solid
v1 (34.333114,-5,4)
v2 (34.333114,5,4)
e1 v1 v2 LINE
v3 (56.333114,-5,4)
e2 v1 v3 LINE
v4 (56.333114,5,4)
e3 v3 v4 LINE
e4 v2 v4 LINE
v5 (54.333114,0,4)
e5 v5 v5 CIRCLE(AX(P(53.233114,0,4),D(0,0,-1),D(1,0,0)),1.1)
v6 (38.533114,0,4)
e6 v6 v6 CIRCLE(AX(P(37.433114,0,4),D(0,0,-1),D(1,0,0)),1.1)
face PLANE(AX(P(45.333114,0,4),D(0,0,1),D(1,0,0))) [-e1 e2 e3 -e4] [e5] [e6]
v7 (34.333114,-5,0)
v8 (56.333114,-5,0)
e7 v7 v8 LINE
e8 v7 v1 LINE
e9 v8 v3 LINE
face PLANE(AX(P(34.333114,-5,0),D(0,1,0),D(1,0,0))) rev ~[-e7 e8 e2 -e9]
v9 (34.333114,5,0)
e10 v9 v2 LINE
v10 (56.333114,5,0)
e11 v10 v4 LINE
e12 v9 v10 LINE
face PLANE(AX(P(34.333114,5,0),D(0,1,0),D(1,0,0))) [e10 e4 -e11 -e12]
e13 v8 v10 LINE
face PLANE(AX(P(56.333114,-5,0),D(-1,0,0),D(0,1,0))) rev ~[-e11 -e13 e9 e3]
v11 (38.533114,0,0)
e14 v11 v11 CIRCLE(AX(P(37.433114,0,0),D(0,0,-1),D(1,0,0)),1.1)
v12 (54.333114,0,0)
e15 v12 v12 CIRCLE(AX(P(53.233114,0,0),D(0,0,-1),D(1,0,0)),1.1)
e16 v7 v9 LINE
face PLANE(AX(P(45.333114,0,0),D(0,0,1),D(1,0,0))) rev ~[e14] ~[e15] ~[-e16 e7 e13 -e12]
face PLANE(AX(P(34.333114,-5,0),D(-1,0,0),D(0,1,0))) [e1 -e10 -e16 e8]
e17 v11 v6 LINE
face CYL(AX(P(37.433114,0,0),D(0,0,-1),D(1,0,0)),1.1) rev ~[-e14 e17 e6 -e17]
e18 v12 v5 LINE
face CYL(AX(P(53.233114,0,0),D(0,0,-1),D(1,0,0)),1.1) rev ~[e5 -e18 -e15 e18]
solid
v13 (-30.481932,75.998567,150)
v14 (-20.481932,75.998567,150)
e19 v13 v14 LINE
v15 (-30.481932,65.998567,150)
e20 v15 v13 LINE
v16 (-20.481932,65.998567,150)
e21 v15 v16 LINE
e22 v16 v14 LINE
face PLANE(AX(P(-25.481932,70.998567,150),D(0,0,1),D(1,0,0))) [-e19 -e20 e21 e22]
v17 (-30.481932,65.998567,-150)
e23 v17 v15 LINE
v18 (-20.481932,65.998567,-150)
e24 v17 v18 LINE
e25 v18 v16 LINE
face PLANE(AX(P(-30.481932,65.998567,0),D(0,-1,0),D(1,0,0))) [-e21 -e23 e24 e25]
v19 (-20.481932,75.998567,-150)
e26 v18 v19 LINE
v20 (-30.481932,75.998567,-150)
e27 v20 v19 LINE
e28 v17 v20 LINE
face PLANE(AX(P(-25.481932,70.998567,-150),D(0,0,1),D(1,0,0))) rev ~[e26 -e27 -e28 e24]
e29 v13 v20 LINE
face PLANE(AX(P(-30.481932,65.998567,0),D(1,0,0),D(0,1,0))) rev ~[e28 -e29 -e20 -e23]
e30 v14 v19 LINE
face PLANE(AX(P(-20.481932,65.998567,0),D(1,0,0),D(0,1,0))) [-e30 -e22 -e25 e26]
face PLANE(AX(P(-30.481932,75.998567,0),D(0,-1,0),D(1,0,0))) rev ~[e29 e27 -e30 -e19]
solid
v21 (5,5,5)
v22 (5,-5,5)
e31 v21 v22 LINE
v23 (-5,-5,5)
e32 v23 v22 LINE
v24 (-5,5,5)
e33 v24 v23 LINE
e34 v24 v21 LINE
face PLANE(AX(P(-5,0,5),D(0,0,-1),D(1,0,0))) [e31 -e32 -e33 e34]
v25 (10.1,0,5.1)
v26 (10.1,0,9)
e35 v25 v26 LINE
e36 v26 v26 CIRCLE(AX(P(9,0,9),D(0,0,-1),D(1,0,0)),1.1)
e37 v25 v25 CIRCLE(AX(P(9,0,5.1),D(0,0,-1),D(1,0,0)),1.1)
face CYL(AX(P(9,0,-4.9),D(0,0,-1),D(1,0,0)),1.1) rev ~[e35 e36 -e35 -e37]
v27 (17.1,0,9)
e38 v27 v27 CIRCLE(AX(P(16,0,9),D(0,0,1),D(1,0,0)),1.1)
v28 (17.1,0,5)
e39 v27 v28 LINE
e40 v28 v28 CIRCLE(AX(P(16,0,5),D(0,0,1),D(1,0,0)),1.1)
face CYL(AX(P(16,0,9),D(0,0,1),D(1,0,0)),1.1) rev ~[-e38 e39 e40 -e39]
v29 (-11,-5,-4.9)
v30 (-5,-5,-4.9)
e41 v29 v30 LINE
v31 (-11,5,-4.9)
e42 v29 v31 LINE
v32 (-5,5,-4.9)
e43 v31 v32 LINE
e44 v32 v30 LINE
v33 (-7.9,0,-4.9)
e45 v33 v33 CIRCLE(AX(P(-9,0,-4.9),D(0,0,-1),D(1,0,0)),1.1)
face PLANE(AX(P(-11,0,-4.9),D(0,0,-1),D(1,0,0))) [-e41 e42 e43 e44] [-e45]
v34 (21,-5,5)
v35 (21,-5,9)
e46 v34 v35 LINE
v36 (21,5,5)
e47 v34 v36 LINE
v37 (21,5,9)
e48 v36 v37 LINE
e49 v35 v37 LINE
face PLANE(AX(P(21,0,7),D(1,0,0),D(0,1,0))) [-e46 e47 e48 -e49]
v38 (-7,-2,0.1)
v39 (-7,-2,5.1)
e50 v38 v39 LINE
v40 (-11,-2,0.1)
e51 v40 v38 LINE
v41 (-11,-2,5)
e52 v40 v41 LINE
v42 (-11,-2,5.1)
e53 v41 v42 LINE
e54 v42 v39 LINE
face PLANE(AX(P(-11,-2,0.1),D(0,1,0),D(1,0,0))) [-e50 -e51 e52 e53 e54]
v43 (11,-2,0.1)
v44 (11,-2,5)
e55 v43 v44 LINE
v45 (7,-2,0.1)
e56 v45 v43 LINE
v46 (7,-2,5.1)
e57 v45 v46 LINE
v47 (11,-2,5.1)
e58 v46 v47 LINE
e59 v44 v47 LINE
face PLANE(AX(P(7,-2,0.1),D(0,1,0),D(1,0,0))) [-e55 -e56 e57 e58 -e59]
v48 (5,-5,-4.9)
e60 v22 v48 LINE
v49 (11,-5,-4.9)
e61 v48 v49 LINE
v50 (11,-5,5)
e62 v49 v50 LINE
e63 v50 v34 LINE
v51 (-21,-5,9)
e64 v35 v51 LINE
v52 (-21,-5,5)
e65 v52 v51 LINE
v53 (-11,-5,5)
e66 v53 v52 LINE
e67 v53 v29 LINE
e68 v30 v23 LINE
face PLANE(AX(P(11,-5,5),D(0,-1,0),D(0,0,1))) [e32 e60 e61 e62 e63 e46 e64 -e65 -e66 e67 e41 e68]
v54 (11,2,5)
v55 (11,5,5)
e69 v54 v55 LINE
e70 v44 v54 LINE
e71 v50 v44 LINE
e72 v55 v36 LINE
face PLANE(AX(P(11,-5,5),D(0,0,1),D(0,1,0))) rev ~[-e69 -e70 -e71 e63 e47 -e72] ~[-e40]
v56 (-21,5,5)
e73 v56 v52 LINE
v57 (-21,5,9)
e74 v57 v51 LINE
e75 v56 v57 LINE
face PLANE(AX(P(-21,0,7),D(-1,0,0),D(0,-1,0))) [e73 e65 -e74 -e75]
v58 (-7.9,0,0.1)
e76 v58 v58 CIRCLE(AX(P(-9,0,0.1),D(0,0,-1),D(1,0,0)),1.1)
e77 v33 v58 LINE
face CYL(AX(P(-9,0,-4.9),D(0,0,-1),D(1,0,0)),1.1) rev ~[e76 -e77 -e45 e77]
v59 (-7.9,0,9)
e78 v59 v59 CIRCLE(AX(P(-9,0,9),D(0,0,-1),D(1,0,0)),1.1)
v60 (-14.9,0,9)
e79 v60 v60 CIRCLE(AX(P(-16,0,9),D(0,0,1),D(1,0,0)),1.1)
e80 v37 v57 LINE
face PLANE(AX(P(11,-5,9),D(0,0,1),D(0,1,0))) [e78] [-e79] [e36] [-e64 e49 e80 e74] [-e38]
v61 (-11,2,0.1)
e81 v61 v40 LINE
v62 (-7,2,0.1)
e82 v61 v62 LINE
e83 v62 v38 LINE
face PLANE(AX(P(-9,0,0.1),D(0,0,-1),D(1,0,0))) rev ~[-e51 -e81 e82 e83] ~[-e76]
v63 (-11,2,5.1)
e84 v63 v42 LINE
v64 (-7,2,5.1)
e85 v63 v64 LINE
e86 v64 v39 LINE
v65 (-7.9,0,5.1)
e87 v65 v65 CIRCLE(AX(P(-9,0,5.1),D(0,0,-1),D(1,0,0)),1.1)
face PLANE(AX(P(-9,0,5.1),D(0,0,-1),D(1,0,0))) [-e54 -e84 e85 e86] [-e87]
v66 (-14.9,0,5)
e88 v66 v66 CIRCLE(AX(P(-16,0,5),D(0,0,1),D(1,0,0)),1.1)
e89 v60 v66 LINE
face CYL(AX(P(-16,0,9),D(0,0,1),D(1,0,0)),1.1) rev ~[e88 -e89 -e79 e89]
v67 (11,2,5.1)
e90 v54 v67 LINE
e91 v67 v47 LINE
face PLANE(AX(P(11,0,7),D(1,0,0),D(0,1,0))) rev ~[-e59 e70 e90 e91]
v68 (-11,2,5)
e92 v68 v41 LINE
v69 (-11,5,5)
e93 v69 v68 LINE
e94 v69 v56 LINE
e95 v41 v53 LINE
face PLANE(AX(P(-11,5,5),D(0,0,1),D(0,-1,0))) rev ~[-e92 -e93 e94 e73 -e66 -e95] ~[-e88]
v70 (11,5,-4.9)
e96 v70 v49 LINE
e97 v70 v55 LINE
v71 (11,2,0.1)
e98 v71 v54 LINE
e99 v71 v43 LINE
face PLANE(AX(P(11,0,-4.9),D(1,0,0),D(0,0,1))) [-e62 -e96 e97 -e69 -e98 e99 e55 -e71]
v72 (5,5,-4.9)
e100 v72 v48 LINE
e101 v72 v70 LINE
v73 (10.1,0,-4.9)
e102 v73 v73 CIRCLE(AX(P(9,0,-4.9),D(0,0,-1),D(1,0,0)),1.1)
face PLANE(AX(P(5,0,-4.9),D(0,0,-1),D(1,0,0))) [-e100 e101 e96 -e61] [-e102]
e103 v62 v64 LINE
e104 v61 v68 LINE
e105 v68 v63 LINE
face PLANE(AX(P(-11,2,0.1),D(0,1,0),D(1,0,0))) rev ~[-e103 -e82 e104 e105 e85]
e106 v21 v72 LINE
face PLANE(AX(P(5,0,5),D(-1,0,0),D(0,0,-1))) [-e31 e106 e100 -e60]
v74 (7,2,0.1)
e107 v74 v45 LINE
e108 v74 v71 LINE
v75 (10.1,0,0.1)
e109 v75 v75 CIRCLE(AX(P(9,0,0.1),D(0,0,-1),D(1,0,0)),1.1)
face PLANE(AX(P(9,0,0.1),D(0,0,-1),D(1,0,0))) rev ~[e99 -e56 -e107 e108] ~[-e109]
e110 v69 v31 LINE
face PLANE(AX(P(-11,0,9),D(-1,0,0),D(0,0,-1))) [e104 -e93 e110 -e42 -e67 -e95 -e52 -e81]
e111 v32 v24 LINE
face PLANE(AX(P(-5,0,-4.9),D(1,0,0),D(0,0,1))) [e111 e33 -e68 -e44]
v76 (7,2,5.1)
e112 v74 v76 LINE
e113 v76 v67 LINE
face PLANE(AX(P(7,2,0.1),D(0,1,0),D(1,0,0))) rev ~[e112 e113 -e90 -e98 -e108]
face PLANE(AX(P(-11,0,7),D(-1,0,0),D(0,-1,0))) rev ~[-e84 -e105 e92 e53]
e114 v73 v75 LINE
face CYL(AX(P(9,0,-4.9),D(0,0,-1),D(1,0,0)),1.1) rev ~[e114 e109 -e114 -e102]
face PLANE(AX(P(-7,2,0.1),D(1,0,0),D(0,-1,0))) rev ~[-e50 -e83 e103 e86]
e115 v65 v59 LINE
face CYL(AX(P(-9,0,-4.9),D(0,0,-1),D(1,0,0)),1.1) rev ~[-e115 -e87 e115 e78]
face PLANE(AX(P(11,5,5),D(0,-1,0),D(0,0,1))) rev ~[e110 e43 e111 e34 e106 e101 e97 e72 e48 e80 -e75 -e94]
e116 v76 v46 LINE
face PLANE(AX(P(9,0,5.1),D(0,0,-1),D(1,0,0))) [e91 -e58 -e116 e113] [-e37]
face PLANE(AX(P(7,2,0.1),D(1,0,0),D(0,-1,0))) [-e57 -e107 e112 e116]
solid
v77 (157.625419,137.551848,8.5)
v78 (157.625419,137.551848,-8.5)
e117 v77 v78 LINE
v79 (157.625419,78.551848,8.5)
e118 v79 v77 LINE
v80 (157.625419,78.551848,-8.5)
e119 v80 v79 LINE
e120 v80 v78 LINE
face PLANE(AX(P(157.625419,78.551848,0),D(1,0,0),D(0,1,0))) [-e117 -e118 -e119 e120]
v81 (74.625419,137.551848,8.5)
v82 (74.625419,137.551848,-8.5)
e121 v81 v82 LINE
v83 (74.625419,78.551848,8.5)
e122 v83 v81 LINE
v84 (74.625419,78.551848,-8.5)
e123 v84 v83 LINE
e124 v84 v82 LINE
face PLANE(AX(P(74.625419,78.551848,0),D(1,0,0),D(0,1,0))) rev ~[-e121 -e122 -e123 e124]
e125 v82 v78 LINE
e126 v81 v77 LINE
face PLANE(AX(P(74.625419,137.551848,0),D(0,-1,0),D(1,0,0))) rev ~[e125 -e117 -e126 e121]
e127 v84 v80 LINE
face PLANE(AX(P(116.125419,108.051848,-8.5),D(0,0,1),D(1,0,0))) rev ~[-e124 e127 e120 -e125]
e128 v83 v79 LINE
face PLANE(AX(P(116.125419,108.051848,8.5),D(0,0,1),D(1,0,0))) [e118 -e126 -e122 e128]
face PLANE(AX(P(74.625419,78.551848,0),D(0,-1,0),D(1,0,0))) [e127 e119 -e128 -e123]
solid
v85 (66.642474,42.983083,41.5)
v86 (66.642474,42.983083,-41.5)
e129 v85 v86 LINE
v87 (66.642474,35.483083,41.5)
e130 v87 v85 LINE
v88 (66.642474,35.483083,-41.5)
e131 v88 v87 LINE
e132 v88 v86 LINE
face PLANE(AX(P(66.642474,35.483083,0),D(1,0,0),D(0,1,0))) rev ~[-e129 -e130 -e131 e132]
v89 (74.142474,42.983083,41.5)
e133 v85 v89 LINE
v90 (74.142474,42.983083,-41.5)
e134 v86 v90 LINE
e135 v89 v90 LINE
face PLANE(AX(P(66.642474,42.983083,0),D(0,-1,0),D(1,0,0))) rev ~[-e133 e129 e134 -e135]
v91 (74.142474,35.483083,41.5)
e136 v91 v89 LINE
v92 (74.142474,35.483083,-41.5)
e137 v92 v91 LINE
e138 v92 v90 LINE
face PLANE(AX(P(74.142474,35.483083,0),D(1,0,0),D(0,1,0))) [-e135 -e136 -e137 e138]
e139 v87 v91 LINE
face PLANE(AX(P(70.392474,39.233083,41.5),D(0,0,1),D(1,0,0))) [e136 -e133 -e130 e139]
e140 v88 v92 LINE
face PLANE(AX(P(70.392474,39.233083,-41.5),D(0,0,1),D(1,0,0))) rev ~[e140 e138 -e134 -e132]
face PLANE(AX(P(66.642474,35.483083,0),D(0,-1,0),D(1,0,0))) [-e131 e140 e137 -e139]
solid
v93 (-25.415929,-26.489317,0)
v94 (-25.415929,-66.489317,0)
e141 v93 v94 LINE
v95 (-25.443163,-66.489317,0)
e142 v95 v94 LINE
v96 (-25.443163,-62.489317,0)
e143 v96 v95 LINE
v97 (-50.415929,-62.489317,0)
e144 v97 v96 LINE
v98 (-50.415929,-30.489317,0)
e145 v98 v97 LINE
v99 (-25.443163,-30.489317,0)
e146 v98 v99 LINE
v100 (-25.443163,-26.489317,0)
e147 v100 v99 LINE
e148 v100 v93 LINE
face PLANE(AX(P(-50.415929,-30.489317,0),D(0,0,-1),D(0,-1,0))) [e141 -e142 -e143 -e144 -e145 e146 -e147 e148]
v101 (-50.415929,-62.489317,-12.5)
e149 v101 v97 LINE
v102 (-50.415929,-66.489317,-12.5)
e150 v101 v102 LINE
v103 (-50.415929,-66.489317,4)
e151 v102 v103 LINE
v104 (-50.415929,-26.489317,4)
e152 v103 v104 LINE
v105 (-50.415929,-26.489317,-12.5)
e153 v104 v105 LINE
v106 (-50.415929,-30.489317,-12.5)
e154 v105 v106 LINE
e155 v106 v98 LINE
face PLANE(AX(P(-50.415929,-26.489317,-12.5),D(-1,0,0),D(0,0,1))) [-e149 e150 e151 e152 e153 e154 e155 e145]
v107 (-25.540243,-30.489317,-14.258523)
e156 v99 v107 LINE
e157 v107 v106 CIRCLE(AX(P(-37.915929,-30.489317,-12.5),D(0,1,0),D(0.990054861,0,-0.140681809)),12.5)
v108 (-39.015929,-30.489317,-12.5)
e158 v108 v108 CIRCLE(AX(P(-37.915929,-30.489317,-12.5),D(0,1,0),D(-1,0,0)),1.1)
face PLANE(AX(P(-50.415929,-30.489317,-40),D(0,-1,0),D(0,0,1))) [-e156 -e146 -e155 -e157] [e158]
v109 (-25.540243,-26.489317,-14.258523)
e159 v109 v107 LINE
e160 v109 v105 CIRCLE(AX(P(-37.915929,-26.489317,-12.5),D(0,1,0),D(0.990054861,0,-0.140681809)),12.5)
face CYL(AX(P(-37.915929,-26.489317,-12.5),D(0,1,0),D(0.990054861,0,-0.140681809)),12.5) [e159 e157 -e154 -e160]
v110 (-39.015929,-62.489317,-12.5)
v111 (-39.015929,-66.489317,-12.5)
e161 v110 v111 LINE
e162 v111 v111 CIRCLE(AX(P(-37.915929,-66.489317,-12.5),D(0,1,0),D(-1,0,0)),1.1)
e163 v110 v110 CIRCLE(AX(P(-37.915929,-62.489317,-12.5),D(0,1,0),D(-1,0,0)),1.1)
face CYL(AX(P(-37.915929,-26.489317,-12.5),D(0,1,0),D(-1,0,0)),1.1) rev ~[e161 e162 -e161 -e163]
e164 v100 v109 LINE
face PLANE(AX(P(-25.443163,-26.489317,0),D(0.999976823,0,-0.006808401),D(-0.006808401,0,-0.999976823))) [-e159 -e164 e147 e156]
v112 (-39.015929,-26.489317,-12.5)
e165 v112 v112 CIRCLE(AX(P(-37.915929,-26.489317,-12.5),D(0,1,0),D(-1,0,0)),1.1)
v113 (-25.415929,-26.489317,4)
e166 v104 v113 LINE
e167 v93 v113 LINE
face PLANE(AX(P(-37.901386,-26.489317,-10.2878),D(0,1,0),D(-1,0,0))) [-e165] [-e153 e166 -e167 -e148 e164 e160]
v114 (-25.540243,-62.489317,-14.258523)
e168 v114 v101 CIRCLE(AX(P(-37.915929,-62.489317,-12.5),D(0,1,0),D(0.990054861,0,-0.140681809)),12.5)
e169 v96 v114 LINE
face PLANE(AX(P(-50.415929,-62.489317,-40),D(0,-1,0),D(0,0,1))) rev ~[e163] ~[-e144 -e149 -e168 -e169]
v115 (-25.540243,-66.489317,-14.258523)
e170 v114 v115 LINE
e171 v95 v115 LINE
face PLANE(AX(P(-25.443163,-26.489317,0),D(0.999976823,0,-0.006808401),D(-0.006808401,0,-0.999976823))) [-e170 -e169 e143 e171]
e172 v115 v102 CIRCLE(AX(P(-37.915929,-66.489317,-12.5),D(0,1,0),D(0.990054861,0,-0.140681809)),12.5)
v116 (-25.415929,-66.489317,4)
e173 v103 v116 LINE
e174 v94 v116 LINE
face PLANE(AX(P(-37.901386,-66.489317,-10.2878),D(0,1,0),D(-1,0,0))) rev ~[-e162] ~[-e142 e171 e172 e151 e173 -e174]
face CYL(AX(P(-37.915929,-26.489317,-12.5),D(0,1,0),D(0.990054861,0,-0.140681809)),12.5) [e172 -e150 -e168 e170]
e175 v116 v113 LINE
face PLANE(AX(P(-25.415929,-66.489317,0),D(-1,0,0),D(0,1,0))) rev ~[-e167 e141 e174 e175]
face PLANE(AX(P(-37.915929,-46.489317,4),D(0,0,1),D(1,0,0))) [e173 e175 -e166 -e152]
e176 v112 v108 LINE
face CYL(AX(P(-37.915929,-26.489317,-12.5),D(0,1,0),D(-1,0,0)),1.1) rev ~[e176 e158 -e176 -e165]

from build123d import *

# Parameters (mm, degrees)
F3_DEPTH  = 5
F4_R      = 1.1
F5_DEPTH  = 13.901
F6_START  = -5
F4_W      = 4
F4_H      = 4
F6_DEPTH  = 5
F7_W      = 22
F7_H      = 10
F8_DEPTH  = 4
F9_W      = 10
F9_H      = 4
F11_DEPTH = 10
F10_W     = 10
F10_H     = 4
F12_DEPTH = 10
F13_W     = 25
F13_H     = 40
F14_DEPTH = 4
F16_DEPTH = 40
F17_W     = 32
F17_H     = 40
F18_DEPTH = 25
F19_W     = 10
F19_H     = 10
F20_DEPTH = 150
F21_R     = 1.1
F22_DEPTH = 40.001
F23_R     = 1.1
F24_DEPTH = 159.001
F25_W     = 83
F25_H     = 59
F26_DEPTH = 8.5
F27_R     = 1.1
F28_DEPTH = 4
F29_W     = 7.5
F29_H     = 7.5
F30_DEPTH = 41.5


with BuildPart() as f3:
    # F2 (on Front) → F3 (new body, symmetric)
    with BuildSketch(Plane.XZ):
        Polygon((-11, -4.9), (-5, -4.9), (-5, 5), (5, 5), (5, -4.9), (11, -4.9), (11, 9), (-11, 9), align=None)
    extrude(amount=F3_DEPTH, both=True)

    # F4 (on face) → F5 (cut, through all)
    with BuildSketch(Plane(origin=(0, 0, -4.9), x_dir=(1, 0, 0), z_dir=(0, 0, -1))):
        with Locations((-9, 0)):
            Circle(F4_R)
        with Locations((9, 0)):
            Circle(F4_R)
    extrude(amount=-F5_DEPTH, mode=Mode.SUBTRACT)

    # F4 (on face) → F6 (cut)
    with BuildSketch(Plane(origin=(0, 0, -4.9), x_dir=(1, 0, 0), z_dir=(0, 0, -1)).offset(F6_START)):
        with Locations((-9, 0)):
            Rectangle(F4_W, F4_H)
        with Locations((-9, 0)):
            Circle(F4_R, mode=Mode.SUBTRACT)
        with Locations((9, 0)):
            Rectangle(F4_W, F4_H)
        with Locations((9, 0)):
            Circle(F4_R, mode=Mode.SUBTRACT)
    extrude(amount=-F6_DEPTH, mode=Mode.SUBTRACT)

    # F9 (on face) → F11 (join)
    with BuildSketch(Plane(origin=(-11, 0, 0), x_dir=(0, -1, 0), z_dir=(-1, 0, 0))):
        with Locations((0, 7)):
            Rectangle(F9_W, F9_H)
    extrude(amount=F11_DEPTH)

    # F10 (on face) → F12 (join)
    with BuildSketch(Plane.YZ.offset(11)):
        with Locations((0, 7)):
            Rectangle(F10_W, F10_H)
    extrude(amount=F12_DEPTH)

    # F23 (on face) → F24 (cut, through all)
    with BuildSketch(Plane.XY.offset(9)):
        with Locations((-16, 0)):
            Circle(F23_R)
        with Locations((16, 0)):
            Circle(F23_R)
    extrude(amount=-F24_DEPTH, mode=Mode.SUBTRACT)


with BuildPart() as f8:
    # F7 (on Top) → F8 (new body)
    with BuildSketch(Plane.XY):
        with Locations((45.3331142285, 0)):
            Rectangle(F7_W, F7_H)
    extrude(amount=F8_DEPTH)

    # F27 (on face) → F28 (cut, through all)
    with BuildSketch(Plane(origin=(0, 0, 0), x_dir=(1, 0, 0), z_dir=(0, 0, -1))):
        with Locations((37.4331142285, 0)):
            Circle(F27_R)
        with Locations((53.2331142285, 0)):
            Circle(F27_R)
    extrude(amount=-F28_DEPTH, mode=Mode.SUBTRACT)


with BuildPart() as f14:
    # F13 (on Top) → F14 (new body)
    with BuildSketch(Plane.XY):
        with Locations((-37.9159292206, -46.4893170172)):
            Rectangle(F13_W, F13_H)
    extrude(amount=F14_DEPTH)

    # F15 (on face) → F16 (join)
    with BuildSketch(Plane(origin=(0, -26.4893170172, 0), x_dir=(-1, 0, 0), z_dir=(0, 1, 0))):
        with BuildLine():
            Line((50.4159292206, -12.5), (50.4159292206, 0))
            Line((50.4159292206, 0), (25.4431634574, 0))
            Line((25.4431634574, 0), (25.5402434528, -14.2585226116))
            ThreePointArc((25.5402434528, -14.2585226116), (38.7973848071, -24.9688827105), (50.4159292206, -12.5))
        make_face()
    extrude(amount=-F16_DEPTH)

    # F17 (on face) → F18 (cut)
    with BuildSketch(Plane(origin=(-50.4159292206, 0, 0), x_dir=(0, -1, 0), z_dir=(-1, 0, 0))):
        with Locations((46.4893170172, -20)):
            Rectangle(F17_W, F17_H)
    extrude(amount=-F18_DEPTH, mode=Mode.SUBTRACT)

    # F21 (on face) → F22 (cut, through all)
    with BuildSketch(Plane(origin=(0, -26.4893170172, 0), x_dir=(-1, 0, 0), z_dir=(0, 1, 0))):
        with Locations((37.9159292206, -12.5)):
            Circle(F21_R)
    extrude(amount=-F22_DEPTH, mode=Mode.SUBTRACT)


with BuildPart() as f20:
    # F19 (on Top) → F20 (new body, symmetric)
    with BuildSketch(Plane.XY):
        with Locations((-25.4819318652, 70.9985667586)):
            Rectangle(F19_W, F19_H)
    extrude(amount=F20_DEPTH, both=True)


with BuildPart() as f26:
    # F25 (on Top) → F26 (new body, symmetric)
    with BuildSketch(Plane.XY):
        with Locations((116.1254188728, 108.0518476665)):
            Rectangle(F25_W, F25_H)
    extrude(amount=F26_DEPTH, both=True)


with BuildPart() as f30:
    # F29 (on Top) → F30 (new body, symmetric)
    with BuildSketch(Plane.XY):
        with Locations((70.3924739473, 39.2330829054)):
            Rectangle(F29_W, F29_H)
    extrude(amount=F30_DEPTH, both=True)


solid = Compound([f3.part, f8.part, f14.part, f20.part, f26.part, f30.part])
